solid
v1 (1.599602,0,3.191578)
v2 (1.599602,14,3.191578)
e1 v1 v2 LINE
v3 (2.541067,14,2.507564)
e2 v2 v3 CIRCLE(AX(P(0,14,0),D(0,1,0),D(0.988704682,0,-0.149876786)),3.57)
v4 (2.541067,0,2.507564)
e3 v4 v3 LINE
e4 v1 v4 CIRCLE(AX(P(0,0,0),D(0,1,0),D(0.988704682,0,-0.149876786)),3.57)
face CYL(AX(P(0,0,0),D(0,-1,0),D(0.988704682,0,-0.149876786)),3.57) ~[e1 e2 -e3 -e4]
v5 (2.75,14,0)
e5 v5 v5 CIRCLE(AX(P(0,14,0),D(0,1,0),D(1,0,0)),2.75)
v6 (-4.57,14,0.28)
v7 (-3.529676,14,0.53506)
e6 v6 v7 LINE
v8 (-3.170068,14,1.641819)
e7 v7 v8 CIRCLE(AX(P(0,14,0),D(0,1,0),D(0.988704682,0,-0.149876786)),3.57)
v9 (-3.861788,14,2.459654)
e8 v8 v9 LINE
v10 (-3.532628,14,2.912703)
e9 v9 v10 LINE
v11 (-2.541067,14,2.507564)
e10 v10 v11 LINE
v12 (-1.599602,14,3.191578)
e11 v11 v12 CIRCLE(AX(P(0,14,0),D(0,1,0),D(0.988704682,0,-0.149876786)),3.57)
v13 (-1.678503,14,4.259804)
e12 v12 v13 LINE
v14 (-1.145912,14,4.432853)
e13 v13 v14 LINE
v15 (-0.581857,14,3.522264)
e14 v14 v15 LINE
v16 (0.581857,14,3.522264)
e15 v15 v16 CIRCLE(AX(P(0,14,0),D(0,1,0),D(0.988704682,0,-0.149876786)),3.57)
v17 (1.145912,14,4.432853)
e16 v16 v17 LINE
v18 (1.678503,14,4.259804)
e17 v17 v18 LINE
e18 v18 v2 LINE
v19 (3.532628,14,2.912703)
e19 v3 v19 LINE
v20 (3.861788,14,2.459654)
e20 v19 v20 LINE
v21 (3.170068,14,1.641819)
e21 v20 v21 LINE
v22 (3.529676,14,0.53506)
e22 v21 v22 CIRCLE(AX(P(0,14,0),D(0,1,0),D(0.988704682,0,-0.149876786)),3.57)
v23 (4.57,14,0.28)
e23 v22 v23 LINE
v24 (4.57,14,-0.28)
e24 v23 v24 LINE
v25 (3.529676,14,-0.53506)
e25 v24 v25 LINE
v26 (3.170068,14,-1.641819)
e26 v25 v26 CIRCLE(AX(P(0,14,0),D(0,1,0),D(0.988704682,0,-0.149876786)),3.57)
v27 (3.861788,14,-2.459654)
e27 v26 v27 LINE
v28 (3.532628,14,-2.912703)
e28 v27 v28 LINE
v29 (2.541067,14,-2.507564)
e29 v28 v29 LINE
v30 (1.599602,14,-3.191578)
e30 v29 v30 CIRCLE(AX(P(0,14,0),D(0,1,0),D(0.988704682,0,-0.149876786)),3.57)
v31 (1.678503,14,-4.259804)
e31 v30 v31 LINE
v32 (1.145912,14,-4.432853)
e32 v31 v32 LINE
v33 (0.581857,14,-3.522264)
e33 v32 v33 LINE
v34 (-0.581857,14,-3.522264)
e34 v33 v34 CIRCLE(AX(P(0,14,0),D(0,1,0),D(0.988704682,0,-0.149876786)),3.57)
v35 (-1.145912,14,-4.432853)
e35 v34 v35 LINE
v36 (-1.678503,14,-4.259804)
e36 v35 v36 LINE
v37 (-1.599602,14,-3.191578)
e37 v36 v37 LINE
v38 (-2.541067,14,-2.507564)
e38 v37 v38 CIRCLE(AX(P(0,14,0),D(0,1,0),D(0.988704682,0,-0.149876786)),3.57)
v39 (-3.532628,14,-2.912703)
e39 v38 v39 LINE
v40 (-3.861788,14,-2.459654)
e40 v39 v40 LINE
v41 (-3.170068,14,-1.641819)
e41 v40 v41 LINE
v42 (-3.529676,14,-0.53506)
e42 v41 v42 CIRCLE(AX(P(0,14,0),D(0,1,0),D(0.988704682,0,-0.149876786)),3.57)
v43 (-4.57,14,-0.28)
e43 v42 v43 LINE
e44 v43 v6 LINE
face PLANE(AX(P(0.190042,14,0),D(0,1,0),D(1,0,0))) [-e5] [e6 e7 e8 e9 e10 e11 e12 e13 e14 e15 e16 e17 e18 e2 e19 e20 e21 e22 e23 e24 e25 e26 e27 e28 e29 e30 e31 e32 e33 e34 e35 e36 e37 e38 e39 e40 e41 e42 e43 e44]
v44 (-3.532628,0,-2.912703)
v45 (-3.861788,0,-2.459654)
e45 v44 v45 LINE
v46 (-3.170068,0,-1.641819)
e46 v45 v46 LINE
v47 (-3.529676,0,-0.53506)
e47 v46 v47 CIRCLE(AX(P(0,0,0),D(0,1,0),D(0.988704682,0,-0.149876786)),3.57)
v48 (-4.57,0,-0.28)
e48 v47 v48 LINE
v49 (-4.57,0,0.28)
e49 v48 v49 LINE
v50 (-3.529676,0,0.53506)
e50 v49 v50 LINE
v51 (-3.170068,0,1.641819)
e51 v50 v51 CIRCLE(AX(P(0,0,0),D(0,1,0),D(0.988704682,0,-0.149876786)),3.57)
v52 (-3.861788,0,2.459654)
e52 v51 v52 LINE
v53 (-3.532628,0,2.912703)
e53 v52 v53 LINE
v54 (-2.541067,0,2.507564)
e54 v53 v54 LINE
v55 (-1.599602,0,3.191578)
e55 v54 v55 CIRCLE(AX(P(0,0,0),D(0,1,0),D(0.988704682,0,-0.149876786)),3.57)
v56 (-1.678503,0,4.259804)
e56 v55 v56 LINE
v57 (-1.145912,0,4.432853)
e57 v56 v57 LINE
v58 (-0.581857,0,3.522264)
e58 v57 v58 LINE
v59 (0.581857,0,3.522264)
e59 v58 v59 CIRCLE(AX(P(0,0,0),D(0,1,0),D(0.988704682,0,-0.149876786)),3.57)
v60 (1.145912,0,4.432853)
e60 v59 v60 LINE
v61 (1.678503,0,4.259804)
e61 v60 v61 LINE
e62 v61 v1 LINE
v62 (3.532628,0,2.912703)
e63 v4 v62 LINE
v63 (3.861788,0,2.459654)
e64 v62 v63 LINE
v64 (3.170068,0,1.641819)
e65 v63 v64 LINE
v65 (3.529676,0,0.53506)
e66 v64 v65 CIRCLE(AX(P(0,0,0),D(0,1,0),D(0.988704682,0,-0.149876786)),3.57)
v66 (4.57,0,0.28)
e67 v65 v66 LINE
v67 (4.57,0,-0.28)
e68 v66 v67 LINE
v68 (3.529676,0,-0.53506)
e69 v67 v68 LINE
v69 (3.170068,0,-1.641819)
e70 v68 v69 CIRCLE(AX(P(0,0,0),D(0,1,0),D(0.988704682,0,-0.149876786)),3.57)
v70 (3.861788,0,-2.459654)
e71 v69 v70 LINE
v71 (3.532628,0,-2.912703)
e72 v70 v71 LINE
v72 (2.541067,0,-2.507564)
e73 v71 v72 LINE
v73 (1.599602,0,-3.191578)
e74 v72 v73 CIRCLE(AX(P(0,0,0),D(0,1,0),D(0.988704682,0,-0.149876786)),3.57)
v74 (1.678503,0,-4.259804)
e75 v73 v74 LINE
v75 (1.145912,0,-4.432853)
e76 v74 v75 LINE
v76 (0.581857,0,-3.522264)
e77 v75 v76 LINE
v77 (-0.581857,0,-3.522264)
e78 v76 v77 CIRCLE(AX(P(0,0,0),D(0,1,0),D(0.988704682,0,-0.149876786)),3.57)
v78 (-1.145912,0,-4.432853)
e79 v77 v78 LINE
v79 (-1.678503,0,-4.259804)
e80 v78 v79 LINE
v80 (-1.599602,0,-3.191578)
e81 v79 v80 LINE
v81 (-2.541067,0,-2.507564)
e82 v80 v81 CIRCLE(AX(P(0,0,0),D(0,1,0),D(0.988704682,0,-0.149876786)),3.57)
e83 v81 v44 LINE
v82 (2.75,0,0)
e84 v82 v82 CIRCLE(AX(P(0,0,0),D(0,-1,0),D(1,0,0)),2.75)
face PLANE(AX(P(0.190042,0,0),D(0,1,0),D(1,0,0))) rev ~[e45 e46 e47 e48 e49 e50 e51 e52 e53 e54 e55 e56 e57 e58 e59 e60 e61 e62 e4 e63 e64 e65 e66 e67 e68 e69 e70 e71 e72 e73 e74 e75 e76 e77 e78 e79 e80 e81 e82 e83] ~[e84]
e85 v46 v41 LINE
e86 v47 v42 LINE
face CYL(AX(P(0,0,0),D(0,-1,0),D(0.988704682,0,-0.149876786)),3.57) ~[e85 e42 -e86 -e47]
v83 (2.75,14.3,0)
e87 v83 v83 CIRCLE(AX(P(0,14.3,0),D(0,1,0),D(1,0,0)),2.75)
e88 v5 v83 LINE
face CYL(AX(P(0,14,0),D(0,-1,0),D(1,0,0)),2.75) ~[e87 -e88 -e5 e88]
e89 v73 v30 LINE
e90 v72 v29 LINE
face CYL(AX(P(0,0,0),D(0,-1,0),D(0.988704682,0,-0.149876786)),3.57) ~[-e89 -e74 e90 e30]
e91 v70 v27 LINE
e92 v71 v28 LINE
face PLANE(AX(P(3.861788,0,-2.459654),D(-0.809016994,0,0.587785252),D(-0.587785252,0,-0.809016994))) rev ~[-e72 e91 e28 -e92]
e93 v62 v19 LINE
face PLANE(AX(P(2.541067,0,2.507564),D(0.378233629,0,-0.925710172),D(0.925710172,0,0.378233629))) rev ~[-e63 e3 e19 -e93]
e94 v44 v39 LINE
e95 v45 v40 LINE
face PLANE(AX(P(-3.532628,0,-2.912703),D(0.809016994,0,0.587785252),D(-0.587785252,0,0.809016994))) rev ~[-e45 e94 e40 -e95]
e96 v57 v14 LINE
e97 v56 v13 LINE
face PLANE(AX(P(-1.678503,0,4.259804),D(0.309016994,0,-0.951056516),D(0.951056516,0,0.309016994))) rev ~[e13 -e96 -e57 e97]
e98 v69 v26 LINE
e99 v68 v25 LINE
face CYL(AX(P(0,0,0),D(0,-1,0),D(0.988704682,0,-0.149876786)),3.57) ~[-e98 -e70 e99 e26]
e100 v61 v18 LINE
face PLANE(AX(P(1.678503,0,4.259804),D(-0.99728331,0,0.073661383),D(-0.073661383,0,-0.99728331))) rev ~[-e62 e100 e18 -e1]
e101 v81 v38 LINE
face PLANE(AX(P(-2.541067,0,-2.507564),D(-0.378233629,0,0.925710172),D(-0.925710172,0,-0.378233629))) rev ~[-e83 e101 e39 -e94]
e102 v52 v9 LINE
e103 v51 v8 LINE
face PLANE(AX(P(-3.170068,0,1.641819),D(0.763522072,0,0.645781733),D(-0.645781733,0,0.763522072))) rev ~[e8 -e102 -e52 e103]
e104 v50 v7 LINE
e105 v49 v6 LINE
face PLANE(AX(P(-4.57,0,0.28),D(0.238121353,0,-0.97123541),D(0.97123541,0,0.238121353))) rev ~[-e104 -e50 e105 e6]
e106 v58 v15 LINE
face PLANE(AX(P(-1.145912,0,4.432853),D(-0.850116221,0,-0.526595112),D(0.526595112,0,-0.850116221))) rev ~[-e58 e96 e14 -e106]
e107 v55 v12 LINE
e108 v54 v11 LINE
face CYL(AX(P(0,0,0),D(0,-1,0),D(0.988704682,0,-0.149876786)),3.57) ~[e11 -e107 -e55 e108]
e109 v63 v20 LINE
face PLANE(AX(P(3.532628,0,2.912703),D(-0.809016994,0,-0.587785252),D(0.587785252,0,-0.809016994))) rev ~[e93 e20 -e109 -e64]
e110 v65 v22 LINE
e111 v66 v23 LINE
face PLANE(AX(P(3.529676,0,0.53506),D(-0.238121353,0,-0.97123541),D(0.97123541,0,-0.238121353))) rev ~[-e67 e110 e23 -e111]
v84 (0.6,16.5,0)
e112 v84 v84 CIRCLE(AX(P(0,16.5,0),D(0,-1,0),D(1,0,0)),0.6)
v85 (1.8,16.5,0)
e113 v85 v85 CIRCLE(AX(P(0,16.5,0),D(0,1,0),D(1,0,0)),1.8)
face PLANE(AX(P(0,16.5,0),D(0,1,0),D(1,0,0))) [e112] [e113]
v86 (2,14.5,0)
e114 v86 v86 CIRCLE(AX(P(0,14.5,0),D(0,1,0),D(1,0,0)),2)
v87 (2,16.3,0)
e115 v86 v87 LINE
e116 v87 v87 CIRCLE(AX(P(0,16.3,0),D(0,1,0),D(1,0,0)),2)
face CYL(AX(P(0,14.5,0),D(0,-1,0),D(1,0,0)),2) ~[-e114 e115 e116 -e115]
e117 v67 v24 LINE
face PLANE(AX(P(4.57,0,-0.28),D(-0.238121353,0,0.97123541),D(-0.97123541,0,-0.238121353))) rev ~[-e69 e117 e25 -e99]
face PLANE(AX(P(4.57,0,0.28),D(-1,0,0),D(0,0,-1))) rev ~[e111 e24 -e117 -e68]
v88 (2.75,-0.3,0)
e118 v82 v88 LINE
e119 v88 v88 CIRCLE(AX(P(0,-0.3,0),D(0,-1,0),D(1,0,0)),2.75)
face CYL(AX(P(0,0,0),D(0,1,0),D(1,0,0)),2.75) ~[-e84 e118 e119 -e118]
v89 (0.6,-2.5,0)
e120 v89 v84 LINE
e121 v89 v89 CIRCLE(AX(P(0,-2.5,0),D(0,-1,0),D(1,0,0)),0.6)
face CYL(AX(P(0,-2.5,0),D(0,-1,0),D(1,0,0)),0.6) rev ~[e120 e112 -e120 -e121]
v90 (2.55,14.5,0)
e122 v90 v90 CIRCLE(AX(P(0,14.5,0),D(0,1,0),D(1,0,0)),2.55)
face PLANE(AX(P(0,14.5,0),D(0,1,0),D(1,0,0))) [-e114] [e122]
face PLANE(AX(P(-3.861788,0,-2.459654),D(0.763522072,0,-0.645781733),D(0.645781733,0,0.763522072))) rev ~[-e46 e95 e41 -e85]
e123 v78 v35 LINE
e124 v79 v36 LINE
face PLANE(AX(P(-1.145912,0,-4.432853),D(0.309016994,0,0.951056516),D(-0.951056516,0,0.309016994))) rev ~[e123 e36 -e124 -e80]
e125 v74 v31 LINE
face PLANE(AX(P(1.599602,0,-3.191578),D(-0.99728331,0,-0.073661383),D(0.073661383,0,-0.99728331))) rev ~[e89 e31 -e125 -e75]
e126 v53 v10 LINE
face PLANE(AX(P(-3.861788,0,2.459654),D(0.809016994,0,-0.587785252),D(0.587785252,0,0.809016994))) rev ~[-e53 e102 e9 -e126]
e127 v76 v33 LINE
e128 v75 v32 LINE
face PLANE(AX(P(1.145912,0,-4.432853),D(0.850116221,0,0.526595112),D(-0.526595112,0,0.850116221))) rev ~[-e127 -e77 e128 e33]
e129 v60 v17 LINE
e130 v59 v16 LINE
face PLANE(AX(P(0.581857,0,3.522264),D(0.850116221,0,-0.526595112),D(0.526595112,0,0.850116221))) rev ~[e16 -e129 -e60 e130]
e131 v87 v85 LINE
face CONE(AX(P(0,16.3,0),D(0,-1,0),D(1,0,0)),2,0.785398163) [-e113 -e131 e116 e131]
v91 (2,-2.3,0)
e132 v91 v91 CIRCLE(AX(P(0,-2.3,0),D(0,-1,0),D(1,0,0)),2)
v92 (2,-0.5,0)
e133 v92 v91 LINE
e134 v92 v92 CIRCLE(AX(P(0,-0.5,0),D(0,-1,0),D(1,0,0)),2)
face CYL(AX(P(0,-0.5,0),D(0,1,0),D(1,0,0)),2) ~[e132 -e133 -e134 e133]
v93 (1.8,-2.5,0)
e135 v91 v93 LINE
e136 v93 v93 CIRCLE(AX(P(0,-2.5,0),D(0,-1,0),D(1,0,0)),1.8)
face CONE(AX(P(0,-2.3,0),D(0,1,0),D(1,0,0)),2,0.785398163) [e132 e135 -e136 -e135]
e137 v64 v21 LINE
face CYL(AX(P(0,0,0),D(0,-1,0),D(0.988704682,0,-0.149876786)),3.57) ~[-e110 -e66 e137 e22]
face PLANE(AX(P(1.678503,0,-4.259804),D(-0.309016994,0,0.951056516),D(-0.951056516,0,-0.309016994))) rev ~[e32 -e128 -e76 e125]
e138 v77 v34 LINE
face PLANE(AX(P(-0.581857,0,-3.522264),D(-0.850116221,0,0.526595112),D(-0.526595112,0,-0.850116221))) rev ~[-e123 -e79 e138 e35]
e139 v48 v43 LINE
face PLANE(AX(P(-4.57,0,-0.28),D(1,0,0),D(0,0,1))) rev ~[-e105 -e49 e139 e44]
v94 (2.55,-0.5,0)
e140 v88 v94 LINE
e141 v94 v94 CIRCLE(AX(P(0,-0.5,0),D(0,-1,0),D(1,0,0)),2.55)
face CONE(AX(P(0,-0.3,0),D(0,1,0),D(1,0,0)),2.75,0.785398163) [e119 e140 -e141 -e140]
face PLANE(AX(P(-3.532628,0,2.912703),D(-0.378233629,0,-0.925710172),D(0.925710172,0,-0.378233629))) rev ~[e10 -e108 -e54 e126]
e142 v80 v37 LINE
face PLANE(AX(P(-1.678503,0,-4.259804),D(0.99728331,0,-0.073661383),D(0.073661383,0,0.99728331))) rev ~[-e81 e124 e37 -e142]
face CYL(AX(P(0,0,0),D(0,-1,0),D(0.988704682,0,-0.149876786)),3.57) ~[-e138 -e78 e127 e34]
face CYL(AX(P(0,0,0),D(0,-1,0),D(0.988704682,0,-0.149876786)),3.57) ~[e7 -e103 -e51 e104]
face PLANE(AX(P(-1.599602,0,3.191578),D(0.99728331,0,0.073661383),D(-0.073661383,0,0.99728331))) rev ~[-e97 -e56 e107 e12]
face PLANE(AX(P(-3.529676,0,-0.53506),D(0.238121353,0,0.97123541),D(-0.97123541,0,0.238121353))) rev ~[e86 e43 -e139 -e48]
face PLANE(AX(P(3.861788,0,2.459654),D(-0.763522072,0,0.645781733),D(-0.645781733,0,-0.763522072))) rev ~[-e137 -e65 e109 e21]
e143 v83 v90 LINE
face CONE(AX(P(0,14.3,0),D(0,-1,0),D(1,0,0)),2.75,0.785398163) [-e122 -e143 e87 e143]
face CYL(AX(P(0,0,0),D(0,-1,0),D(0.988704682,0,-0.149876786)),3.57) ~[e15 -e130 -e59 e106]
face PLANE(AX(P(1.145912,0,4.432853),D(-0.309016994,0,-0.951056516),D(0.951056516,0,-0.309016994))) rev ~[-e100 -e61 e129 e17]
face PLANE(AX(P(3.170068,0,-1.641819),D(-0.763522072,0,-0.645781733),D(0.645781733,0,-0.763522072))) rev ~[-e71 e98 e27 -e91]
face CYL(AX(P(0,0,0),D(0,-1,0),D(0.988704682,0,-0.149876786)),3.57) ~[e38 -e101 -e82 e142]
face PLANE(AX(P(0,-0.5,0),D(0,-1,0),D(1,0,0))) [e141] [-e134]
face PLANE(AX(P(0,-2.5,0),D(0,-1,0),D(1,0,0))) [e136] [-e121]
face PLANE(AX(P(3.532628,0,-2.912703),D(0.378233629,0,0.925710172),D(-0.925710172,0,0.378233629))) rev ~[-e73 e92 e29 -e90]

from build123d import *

# Parameters (mm, degrees)
BOSS_EXTRUDE3_DEPTH = 14
CIRPATTERN2_COUNT   = 10
SKETCH3_R           = 2.75
BOSS_EXTRUDE4_DEPTH = 0.5
SKETCH4_R           = 2.75
BOSS_EXTRUDE5_DEPTH = 0.5
SKETCH5_R           = 2
BOSS_EXTRUDE6_DEPTH = 2
SKETCH6_R           = 2
BOSS_EXTRUDE7_DEPTH = 2
CHAMFER1_SIZE       = 0.2
SKETCH7_R           = 0.6
CUT_EXTRUDE1_DEPTH  = 20


with BuildPart() as part:
    # Sketch1 → Boss-Extrude3 (new body)
    with BuildSketch(Plane(origin=(0, 0, 0), x_dir=(1, 0, 0), z_dir=(0, 1, 0))):
        with BuildLine():
            ThreePointArc((3.529675716, 0.535060126), (-3.57, 0), (3.529675716, -0.535060126))
            Line((3.529675716, -0.535060126), (3.265358075, -0.599863853))
            ThreePointArc((3.265358075, -0.599863853), (3.32, 0), (3.265358075, 0.599863853))
            Line((3.265358075, 0.599863853), (3.529675716, 0.535060126))
        make_face()
        with BuildLine():
            Line((3.265358075, -0.599863853), (3.529675716, -0.535060126))
            ThreePointArc((3.529675716, -0.535060126), (3.559904655, -0.268288737), (3.57, 0))
            ThreePointArc((3.57, 0), (3.559904655, 0.268288737), (3.529675716, 0.535060126))
            Line((3.529675716, 0.535060126), (3.265358075, 0.599863853))
            ThreePointArc((3.265358075, 0.599863853), (3.32, 0), (3.265358075, -0.599863853))
        make_face()
        with BuildLine():
            Line((4.57, -0.28), (4.57, 0))
            Line((4.57, 0), (4.57, 0.28))
            Line((4.57, 0.28), (3.529675716, 0.535060126))
            ThreePointArc((3.529675716, 0.535060126), (3.559904655, 0.268288737), (3.57, 0))
            ThreePointArc((3.57, 0), (3.559904655, -0.268288737), (3.529675716, -0.535060126))
            Line((3.529675716, -0.535060126), (4.57, -0.28))
        make_face()
    boss_extrude3 = extrude(amount=BOSS_EXTRUDE3_DEPTH)

    # CirPattern2: Boss-Extrude3 ×10 about axis
    cirpattern2_axis = Axis((0, 0, 0), (0, 1, 0))
    for i in range(1, CIRPATTERN2_COUNT):
        add(boss_extrude3.rotate(cirpattern2_axis, i * 360 / CIRPATTERN2_COUNT))

    # Sketch3 → Boss-Extrude4 (add)
    with BuildSketch(Plane(origin=(0, 14, 0), x_dir=(1, 0, 0), z_dir=(0, 1, 0))):
        Circle(SKETCH3_R)
    extrude(amount=BOSS_EXTRUDE4_DEPTH)

    # Sketch4 → Boss-Extrude5 (add)
    with BuildSketch(Plane.XZ):
        Circle(SKETCH4_R)
    extrude(amount=BOSS_EXTRUDE5_DEPTH)

    # Sketch5 → Boss-Extrude6 (add)
    with BuildSketch(Plane(origin=(0, 14.5, 0), x_dir=(1, 0, 0), z_dir=(0, 1, 0))):
        Circle(SKETCH5_R)
    extrude(amount=BOSS_EXTRUDE6_DEPTH)

    # Sketch6 → Boss-Extrude7 (add)
    with BuildSketch(Plane.XZ.offset(0.5)):
        Circle(SKETCH6_R)
    extrude(amount=BOSS_EXTRUDE7_DEPTH)

    # Chamfer1
    chamfer1_edges = [part.edges().sort_by_distance(p)[0] for p in [
        (-2.75, 14.5, 0),
        (-2.75, -0.5, 0),
        (-2, 16.5, 0),
        (-2, -2.5, 0),
    ]]
    chamfer(chamfer1_edges, length=CHAMFER1_SIZE)

    # Sketch7 → Cut-Extrude1 (cut, through all)
    with BuildSketch(Plane.XZ.offset(2.5)):
        Circle(SKETCH7_R)
    extrude(amount=-CUT_EXTRUDE1_DEPTH, mode=Mode.SUBTRACT)


solid = part.part
